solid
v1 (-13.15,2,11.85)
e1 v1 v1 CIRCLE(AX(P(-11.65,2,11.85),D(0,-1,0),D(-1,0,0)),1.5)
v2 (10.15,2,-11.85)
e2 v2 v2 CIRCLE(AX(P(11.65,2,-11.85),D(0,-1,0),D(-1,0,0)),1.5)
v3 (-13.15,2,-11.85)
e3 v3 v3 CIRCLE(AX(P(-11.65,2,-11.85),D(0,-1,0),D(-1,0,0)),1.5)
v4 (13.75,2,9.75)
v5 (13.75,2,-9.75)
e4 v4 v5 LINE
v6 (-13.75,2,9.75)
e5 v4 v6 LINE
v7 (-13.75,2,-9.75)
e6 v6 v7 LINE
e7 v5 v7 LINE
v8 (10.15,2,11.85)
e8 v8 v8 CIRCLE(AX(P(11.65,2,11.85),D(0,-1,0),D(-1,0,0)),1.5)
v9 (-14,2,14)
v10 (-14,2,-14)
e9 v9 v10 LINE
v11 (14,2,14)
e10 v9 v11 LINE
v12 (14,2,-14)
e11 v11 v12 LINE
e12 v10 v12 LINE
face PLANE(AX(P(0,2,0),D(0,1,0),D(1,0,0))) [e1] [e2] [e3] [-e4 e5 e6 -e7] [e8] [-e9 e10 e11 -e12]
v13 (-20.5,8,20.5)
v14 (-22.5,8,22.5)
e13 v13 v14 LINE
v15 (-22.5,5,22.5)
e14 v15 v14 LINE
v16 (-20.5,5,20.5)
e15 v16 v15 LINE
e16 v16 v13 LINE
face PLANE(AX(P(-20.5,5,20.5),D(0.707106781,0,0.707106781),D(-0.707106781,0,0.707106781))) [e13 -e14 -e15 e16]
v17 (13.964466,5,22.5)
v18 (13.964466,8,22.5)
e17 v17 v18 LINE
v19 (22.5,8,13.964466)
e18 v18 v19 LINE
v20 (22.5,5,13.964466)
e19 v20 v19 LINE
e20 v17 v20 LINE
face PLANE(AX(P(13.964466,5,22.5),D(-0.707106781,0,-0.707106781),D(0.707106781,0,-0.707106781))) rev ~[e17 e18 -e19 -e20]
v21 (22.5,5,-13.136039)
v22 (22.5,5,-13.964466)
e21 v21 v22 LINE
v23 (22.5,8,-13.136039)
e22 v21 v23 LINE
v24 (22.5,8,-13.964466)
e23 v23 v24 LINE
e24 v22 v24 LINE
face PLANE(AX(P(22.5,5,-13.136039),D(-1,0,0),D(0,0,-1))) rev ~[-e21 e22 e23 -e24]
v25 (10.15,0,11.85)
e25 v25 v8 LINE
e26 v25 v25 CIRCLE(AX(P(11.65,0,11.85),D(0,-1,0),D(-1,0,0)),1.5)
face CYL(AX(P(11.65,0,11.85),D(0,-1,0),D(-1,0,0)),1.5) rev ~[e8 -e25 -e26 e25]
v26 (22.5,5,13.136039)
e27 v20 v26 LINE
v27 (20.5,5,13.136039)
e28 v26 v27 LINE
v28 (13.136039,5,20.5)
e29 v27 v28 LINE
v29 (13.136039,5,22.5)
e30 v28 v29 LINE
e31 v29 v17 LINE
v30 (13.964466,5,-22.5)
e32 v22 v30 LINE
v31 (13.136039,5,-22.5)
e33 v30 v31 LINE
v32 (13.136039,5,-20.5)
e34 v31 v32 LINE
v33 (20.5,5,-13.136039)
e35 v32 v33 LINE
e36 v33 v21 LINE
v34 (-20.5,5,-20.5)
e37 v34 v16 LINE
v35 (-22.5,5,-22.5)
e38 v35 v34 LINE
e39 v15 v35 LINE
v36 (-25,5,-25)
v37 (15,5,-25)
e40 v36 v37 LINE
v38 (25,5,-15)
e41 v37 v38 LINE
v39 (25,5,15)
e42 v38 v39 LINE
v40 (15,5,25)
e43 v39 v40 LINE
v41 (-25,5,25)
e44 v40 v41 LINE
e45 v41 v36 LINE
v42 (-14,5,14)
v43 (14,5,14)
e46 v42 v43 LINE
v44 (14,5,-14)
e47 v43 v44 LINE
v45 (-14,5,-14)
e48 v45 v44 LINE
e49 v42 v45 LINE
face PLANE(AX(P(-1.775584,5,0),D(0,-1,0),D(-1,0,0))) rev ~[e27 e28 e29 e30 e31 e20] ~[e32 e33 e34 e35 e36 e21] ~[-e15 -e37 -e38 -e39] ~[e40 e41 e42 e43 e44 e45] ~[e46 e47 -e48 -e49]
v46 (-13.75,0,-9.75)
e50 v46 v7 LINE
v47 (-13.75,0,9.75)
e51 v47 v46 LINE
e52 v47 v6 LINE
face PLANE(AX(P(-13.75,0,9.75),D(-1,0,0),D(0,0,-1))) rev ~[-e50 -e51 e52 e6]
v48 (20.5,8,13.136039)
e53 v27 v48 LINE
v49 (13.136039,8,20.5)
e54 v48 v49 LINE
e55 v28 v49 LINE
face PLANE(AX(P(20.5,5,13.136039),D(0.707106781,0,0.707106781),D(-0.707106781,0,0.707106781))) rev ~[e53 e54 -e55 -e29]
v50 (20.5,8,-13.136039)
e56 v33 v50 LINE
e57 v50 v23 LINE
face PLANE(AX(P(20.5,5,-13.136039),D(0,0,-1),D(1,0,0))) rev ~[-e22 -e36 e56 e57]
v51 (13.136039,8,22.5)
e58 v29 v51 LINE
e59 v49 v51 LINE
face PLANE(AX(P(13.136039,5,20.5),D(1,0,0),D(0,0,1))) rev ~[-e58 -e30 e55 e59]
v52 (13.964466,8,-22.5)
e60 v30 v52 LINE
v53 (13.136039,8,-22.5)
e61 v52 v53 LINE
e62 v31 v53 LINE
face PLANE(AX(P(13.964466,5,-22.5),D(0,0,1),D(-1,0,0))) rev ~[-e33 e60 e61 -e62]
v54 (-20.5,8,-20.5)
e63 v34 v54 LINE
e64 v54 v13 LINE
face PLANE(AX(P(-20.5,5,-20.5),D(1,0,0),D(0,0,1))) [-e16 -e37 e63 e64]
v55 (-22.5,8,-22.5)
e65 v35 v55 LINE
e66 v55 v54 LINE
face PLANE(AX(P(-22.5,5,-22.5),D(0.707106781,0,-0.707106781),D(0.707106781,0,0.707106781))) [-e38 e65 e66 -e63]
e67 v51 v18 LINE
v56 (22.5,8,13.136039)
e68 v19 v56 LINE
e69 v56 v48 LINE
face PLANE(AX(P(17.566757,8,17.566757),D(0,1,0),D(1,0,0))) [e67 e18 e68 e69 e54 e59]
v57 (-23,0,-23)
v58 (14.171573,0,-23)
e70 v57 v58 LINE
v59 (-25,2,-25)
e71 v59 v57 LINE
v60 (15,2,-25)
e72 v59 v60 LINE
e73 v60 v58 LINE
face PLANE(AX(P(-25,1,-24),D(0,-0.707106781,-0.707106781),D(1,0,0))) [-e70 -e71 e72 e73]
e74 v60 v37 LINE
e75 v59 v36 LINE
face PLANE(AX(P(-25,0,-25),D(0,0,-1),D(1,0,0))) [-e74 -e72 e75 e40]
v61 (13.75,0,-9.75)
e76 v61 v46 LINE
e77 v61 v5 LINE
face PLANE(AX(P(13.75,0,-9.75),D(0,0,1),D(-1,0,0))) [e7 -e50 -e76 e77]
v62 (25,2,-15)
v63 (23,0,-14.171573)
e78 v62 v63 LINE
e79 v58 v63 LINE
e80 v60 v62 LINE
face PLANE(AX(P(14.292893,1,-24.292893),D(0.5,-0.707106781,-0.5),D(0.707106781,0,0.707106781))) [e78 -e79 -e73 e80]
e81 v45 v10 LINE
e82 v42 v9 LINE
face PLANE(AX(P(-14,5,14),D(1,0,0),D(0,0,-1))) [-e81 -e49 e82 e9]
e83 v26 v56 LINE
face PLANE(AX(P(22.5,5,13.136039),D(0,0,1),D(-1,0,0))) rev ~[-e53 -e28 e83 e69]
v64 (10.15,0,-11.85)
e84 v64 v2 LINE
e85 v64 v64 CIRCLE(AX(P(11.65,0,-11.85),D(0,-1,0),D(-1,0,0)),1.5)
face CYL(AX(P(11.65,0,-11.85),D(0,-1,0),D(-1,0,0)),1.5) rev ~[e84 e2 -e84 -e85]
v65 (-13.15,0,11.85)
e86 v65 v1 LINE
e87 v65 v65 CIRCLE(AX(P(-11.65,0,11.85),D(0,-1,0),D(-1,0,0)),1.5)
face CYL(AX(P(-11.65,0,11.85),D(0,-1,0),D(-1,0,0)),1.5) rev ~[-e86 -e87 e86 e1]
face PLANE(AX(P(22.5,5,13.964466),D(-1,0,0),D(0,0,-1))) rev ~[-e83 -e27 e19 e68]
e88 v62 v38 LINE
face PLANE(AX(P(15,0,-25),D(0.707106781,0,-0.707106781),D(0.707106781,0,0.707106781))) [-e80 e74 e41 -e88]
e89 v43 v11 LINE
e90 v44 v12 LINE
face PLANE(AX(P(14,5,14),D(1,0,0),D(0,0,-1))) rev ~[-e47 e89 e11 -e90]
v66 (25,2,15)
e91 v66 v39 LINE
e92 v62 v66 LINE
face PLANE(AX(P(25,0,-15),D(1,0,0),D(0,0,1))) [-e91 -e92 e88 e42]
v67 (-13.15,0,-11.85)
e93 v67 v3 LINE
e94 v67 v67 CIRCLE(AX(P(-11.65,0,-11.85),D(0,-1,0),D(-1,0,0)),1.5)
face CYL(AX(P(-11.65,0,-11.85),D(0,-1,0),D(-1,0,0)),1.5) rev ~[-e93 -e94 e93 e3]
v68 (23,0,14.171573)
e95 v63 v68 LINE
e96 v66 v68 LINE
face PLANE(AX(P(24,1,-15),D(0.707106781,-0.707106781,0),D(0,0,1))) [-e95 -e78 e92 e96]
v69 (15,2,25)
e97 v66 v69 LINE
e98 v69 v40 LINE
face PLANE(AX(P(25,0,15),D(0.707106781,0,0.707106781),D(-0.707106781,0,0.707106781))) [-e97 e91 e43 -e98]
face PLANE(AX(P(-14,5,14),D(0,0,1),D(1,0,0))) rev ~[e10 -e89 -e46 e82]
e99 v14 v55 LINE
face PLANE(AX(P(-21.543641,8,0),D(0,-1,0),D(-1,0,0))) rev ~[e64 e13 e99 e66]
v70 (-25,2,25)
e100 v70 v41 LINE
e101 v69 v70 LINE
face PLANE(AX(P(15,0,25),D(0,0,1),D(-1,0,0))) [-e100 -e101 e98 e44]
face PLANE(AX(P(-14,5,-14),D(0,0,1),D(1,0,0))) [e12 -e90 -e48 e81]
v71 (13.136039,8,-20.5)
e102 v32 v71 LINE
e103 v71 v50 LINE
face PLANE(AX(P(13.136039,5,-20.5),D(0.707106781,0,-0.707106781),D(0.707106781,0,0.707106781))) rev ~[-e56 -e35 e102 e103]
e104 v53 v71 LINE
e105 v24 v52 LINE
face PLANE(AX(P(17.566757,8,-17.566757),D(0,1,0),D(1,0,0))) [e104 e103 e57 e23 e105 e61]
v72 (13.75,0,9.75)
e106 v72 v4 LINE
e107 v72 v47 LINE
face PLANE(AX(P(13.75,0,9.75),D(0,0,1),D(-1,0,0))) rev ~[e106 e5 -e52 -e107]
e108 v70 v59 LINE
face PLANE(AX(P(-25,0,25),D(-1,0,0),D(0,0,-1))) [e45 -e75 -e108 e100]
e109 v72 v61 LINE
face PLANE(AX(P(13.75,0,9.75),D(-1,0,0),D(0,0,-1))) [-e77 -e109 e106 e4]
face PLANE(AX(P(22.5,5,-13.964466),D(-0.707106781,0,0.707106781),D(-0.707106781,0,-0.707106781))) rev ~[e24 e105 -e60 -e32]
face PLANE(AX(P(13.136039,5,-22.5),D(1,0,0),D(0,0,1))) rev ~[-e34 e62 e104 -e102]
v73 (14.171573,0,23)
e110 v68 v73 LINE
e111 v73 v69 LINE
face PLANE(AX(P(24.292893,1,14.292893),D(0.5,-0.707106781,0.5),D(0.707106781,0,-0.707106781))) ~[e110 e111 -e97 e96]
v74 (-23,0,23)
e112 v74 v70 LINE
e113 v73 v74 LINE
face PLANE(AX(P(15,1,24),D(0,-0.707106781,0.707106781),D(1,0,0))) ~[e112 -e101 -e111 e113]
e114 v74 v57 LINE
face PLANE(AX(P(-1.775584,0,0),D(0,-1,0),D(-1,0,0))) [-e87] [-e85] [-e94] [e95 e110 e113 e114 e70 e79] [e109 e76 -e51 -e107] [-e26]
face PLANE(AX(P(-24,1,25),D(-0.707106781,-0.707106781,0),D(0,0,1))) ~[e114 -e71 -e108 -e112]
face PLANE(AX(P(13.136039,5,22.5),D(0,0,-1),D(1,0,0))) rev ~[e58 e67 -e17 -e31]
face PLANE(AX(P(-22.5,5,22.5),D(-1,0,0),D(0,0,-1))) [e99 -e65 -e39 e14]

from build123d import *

# Parameters (mm, degrees)
BOSS_EXTRUDE1_DEPTH = 5
BOSS_EXTRUDE2_DEPTH = 3
CHAMFER1_SIZE       = 2
SKETCH4_R           = 1.5
SKETCH4_W           = 27.5
SKETCH4_H           = 19.5
CUT_EXTRUDE2_DEPTH  = 8
SKETCH5_W           = 28
SKETCH5_H           = 28
CUT_EXTRUDE3_DEPTH  = 3


with BuildPart() as part:
    # Sketch1 → Boss-Extrude1 (new body)
    with BuildSketch(Plane(origin=(0, 0, 0), x_dir=(1, 0, 0), z_dir=(0, 1, 0))):
        Polygon((15, 25), (25, 15), (25, -15), (15, -25), (-25, -25), (-25, 25), align=None)
    extrude(amount=BOSS_EXTRUDE1_DEPTH)

    # Sketch2 → Boss-Extrude2 (add)
    with BuildSketch(Plane(origin=(0, 5, 0), x_dir=(1, 0, 0), z_dir=(0, 1, 0))):
        Polygon((-20.5, 20.5), (-20.5, -20.5), (-22.5, -22.5), (-22.5, 22.5), align=None)
        Polygon((13.964466094, 22.5), (13.136038969, 22.5), (13.136038969, 20.5), (20.5, 13.136038969), (22.5, 13.136038969), (22.5, 13.964466094), align=None)
        Polygon((13.136038969, -20.5), (13.136038969, -22.5), (13.964466094, -22.5), (22.5, -13.964466094), (22.5, -13.136038969), (20.5, -13.136038969), align=None)
    extrude(amount=BOSS_EXTRUDE2_DEPTH)

    # Chamfer1
    chamfer1_edges = [part.edges().sort_by_distance(p)[0] for p in [
        (-5, 0, -25),
        (20, 0, -20),
        (25, 0, 0),
        (20, 0, 20),
        (-5, 0, 25),
        (-25, 0, 0),
    ]]
    chamfer(chamfer1_edges, length=CHAMFER1_SIZE)

    # Sketch4 → Cut-Extrude2 (cut)
    with BuildSketch(Plane(origin=(0, 0, 0), x_dir=(-1, 0, 0), z_dir=(0, -1, 0))):
        with Locations((-11.65, -11.85)):
            Circle(SKETCH4_R)
        with Locations((11.65, -11.85)):
            Circle(SKETCH4_R)
        with Locations((11.65, 11.85)):
            Circle(SKETCH4_R)
        with Locations((-11.65, 11.85)):
            Circle(SKETCH4_R)
        Rectangle(SKETCH4_W, SKETCH4_H)
    extrude(amount=-CUT_EXTRUDE2_DEPTH, mode=Mode.SUBTRACT)

    # Sketch5 → Cut-Extrude3 (cut)
    with BuildSketch(Plane(origin=(0, 5, 0), x_dir=(1, 0, 0), z_dir=(0, 1, 0))):
        Rectangle(SKETCH5_W, SKETCH5_H)
    extrude(amount=-CUT_EXTRUDE3_DEPTH, mode=Mode.SUBTRACT)


solid = part.part
